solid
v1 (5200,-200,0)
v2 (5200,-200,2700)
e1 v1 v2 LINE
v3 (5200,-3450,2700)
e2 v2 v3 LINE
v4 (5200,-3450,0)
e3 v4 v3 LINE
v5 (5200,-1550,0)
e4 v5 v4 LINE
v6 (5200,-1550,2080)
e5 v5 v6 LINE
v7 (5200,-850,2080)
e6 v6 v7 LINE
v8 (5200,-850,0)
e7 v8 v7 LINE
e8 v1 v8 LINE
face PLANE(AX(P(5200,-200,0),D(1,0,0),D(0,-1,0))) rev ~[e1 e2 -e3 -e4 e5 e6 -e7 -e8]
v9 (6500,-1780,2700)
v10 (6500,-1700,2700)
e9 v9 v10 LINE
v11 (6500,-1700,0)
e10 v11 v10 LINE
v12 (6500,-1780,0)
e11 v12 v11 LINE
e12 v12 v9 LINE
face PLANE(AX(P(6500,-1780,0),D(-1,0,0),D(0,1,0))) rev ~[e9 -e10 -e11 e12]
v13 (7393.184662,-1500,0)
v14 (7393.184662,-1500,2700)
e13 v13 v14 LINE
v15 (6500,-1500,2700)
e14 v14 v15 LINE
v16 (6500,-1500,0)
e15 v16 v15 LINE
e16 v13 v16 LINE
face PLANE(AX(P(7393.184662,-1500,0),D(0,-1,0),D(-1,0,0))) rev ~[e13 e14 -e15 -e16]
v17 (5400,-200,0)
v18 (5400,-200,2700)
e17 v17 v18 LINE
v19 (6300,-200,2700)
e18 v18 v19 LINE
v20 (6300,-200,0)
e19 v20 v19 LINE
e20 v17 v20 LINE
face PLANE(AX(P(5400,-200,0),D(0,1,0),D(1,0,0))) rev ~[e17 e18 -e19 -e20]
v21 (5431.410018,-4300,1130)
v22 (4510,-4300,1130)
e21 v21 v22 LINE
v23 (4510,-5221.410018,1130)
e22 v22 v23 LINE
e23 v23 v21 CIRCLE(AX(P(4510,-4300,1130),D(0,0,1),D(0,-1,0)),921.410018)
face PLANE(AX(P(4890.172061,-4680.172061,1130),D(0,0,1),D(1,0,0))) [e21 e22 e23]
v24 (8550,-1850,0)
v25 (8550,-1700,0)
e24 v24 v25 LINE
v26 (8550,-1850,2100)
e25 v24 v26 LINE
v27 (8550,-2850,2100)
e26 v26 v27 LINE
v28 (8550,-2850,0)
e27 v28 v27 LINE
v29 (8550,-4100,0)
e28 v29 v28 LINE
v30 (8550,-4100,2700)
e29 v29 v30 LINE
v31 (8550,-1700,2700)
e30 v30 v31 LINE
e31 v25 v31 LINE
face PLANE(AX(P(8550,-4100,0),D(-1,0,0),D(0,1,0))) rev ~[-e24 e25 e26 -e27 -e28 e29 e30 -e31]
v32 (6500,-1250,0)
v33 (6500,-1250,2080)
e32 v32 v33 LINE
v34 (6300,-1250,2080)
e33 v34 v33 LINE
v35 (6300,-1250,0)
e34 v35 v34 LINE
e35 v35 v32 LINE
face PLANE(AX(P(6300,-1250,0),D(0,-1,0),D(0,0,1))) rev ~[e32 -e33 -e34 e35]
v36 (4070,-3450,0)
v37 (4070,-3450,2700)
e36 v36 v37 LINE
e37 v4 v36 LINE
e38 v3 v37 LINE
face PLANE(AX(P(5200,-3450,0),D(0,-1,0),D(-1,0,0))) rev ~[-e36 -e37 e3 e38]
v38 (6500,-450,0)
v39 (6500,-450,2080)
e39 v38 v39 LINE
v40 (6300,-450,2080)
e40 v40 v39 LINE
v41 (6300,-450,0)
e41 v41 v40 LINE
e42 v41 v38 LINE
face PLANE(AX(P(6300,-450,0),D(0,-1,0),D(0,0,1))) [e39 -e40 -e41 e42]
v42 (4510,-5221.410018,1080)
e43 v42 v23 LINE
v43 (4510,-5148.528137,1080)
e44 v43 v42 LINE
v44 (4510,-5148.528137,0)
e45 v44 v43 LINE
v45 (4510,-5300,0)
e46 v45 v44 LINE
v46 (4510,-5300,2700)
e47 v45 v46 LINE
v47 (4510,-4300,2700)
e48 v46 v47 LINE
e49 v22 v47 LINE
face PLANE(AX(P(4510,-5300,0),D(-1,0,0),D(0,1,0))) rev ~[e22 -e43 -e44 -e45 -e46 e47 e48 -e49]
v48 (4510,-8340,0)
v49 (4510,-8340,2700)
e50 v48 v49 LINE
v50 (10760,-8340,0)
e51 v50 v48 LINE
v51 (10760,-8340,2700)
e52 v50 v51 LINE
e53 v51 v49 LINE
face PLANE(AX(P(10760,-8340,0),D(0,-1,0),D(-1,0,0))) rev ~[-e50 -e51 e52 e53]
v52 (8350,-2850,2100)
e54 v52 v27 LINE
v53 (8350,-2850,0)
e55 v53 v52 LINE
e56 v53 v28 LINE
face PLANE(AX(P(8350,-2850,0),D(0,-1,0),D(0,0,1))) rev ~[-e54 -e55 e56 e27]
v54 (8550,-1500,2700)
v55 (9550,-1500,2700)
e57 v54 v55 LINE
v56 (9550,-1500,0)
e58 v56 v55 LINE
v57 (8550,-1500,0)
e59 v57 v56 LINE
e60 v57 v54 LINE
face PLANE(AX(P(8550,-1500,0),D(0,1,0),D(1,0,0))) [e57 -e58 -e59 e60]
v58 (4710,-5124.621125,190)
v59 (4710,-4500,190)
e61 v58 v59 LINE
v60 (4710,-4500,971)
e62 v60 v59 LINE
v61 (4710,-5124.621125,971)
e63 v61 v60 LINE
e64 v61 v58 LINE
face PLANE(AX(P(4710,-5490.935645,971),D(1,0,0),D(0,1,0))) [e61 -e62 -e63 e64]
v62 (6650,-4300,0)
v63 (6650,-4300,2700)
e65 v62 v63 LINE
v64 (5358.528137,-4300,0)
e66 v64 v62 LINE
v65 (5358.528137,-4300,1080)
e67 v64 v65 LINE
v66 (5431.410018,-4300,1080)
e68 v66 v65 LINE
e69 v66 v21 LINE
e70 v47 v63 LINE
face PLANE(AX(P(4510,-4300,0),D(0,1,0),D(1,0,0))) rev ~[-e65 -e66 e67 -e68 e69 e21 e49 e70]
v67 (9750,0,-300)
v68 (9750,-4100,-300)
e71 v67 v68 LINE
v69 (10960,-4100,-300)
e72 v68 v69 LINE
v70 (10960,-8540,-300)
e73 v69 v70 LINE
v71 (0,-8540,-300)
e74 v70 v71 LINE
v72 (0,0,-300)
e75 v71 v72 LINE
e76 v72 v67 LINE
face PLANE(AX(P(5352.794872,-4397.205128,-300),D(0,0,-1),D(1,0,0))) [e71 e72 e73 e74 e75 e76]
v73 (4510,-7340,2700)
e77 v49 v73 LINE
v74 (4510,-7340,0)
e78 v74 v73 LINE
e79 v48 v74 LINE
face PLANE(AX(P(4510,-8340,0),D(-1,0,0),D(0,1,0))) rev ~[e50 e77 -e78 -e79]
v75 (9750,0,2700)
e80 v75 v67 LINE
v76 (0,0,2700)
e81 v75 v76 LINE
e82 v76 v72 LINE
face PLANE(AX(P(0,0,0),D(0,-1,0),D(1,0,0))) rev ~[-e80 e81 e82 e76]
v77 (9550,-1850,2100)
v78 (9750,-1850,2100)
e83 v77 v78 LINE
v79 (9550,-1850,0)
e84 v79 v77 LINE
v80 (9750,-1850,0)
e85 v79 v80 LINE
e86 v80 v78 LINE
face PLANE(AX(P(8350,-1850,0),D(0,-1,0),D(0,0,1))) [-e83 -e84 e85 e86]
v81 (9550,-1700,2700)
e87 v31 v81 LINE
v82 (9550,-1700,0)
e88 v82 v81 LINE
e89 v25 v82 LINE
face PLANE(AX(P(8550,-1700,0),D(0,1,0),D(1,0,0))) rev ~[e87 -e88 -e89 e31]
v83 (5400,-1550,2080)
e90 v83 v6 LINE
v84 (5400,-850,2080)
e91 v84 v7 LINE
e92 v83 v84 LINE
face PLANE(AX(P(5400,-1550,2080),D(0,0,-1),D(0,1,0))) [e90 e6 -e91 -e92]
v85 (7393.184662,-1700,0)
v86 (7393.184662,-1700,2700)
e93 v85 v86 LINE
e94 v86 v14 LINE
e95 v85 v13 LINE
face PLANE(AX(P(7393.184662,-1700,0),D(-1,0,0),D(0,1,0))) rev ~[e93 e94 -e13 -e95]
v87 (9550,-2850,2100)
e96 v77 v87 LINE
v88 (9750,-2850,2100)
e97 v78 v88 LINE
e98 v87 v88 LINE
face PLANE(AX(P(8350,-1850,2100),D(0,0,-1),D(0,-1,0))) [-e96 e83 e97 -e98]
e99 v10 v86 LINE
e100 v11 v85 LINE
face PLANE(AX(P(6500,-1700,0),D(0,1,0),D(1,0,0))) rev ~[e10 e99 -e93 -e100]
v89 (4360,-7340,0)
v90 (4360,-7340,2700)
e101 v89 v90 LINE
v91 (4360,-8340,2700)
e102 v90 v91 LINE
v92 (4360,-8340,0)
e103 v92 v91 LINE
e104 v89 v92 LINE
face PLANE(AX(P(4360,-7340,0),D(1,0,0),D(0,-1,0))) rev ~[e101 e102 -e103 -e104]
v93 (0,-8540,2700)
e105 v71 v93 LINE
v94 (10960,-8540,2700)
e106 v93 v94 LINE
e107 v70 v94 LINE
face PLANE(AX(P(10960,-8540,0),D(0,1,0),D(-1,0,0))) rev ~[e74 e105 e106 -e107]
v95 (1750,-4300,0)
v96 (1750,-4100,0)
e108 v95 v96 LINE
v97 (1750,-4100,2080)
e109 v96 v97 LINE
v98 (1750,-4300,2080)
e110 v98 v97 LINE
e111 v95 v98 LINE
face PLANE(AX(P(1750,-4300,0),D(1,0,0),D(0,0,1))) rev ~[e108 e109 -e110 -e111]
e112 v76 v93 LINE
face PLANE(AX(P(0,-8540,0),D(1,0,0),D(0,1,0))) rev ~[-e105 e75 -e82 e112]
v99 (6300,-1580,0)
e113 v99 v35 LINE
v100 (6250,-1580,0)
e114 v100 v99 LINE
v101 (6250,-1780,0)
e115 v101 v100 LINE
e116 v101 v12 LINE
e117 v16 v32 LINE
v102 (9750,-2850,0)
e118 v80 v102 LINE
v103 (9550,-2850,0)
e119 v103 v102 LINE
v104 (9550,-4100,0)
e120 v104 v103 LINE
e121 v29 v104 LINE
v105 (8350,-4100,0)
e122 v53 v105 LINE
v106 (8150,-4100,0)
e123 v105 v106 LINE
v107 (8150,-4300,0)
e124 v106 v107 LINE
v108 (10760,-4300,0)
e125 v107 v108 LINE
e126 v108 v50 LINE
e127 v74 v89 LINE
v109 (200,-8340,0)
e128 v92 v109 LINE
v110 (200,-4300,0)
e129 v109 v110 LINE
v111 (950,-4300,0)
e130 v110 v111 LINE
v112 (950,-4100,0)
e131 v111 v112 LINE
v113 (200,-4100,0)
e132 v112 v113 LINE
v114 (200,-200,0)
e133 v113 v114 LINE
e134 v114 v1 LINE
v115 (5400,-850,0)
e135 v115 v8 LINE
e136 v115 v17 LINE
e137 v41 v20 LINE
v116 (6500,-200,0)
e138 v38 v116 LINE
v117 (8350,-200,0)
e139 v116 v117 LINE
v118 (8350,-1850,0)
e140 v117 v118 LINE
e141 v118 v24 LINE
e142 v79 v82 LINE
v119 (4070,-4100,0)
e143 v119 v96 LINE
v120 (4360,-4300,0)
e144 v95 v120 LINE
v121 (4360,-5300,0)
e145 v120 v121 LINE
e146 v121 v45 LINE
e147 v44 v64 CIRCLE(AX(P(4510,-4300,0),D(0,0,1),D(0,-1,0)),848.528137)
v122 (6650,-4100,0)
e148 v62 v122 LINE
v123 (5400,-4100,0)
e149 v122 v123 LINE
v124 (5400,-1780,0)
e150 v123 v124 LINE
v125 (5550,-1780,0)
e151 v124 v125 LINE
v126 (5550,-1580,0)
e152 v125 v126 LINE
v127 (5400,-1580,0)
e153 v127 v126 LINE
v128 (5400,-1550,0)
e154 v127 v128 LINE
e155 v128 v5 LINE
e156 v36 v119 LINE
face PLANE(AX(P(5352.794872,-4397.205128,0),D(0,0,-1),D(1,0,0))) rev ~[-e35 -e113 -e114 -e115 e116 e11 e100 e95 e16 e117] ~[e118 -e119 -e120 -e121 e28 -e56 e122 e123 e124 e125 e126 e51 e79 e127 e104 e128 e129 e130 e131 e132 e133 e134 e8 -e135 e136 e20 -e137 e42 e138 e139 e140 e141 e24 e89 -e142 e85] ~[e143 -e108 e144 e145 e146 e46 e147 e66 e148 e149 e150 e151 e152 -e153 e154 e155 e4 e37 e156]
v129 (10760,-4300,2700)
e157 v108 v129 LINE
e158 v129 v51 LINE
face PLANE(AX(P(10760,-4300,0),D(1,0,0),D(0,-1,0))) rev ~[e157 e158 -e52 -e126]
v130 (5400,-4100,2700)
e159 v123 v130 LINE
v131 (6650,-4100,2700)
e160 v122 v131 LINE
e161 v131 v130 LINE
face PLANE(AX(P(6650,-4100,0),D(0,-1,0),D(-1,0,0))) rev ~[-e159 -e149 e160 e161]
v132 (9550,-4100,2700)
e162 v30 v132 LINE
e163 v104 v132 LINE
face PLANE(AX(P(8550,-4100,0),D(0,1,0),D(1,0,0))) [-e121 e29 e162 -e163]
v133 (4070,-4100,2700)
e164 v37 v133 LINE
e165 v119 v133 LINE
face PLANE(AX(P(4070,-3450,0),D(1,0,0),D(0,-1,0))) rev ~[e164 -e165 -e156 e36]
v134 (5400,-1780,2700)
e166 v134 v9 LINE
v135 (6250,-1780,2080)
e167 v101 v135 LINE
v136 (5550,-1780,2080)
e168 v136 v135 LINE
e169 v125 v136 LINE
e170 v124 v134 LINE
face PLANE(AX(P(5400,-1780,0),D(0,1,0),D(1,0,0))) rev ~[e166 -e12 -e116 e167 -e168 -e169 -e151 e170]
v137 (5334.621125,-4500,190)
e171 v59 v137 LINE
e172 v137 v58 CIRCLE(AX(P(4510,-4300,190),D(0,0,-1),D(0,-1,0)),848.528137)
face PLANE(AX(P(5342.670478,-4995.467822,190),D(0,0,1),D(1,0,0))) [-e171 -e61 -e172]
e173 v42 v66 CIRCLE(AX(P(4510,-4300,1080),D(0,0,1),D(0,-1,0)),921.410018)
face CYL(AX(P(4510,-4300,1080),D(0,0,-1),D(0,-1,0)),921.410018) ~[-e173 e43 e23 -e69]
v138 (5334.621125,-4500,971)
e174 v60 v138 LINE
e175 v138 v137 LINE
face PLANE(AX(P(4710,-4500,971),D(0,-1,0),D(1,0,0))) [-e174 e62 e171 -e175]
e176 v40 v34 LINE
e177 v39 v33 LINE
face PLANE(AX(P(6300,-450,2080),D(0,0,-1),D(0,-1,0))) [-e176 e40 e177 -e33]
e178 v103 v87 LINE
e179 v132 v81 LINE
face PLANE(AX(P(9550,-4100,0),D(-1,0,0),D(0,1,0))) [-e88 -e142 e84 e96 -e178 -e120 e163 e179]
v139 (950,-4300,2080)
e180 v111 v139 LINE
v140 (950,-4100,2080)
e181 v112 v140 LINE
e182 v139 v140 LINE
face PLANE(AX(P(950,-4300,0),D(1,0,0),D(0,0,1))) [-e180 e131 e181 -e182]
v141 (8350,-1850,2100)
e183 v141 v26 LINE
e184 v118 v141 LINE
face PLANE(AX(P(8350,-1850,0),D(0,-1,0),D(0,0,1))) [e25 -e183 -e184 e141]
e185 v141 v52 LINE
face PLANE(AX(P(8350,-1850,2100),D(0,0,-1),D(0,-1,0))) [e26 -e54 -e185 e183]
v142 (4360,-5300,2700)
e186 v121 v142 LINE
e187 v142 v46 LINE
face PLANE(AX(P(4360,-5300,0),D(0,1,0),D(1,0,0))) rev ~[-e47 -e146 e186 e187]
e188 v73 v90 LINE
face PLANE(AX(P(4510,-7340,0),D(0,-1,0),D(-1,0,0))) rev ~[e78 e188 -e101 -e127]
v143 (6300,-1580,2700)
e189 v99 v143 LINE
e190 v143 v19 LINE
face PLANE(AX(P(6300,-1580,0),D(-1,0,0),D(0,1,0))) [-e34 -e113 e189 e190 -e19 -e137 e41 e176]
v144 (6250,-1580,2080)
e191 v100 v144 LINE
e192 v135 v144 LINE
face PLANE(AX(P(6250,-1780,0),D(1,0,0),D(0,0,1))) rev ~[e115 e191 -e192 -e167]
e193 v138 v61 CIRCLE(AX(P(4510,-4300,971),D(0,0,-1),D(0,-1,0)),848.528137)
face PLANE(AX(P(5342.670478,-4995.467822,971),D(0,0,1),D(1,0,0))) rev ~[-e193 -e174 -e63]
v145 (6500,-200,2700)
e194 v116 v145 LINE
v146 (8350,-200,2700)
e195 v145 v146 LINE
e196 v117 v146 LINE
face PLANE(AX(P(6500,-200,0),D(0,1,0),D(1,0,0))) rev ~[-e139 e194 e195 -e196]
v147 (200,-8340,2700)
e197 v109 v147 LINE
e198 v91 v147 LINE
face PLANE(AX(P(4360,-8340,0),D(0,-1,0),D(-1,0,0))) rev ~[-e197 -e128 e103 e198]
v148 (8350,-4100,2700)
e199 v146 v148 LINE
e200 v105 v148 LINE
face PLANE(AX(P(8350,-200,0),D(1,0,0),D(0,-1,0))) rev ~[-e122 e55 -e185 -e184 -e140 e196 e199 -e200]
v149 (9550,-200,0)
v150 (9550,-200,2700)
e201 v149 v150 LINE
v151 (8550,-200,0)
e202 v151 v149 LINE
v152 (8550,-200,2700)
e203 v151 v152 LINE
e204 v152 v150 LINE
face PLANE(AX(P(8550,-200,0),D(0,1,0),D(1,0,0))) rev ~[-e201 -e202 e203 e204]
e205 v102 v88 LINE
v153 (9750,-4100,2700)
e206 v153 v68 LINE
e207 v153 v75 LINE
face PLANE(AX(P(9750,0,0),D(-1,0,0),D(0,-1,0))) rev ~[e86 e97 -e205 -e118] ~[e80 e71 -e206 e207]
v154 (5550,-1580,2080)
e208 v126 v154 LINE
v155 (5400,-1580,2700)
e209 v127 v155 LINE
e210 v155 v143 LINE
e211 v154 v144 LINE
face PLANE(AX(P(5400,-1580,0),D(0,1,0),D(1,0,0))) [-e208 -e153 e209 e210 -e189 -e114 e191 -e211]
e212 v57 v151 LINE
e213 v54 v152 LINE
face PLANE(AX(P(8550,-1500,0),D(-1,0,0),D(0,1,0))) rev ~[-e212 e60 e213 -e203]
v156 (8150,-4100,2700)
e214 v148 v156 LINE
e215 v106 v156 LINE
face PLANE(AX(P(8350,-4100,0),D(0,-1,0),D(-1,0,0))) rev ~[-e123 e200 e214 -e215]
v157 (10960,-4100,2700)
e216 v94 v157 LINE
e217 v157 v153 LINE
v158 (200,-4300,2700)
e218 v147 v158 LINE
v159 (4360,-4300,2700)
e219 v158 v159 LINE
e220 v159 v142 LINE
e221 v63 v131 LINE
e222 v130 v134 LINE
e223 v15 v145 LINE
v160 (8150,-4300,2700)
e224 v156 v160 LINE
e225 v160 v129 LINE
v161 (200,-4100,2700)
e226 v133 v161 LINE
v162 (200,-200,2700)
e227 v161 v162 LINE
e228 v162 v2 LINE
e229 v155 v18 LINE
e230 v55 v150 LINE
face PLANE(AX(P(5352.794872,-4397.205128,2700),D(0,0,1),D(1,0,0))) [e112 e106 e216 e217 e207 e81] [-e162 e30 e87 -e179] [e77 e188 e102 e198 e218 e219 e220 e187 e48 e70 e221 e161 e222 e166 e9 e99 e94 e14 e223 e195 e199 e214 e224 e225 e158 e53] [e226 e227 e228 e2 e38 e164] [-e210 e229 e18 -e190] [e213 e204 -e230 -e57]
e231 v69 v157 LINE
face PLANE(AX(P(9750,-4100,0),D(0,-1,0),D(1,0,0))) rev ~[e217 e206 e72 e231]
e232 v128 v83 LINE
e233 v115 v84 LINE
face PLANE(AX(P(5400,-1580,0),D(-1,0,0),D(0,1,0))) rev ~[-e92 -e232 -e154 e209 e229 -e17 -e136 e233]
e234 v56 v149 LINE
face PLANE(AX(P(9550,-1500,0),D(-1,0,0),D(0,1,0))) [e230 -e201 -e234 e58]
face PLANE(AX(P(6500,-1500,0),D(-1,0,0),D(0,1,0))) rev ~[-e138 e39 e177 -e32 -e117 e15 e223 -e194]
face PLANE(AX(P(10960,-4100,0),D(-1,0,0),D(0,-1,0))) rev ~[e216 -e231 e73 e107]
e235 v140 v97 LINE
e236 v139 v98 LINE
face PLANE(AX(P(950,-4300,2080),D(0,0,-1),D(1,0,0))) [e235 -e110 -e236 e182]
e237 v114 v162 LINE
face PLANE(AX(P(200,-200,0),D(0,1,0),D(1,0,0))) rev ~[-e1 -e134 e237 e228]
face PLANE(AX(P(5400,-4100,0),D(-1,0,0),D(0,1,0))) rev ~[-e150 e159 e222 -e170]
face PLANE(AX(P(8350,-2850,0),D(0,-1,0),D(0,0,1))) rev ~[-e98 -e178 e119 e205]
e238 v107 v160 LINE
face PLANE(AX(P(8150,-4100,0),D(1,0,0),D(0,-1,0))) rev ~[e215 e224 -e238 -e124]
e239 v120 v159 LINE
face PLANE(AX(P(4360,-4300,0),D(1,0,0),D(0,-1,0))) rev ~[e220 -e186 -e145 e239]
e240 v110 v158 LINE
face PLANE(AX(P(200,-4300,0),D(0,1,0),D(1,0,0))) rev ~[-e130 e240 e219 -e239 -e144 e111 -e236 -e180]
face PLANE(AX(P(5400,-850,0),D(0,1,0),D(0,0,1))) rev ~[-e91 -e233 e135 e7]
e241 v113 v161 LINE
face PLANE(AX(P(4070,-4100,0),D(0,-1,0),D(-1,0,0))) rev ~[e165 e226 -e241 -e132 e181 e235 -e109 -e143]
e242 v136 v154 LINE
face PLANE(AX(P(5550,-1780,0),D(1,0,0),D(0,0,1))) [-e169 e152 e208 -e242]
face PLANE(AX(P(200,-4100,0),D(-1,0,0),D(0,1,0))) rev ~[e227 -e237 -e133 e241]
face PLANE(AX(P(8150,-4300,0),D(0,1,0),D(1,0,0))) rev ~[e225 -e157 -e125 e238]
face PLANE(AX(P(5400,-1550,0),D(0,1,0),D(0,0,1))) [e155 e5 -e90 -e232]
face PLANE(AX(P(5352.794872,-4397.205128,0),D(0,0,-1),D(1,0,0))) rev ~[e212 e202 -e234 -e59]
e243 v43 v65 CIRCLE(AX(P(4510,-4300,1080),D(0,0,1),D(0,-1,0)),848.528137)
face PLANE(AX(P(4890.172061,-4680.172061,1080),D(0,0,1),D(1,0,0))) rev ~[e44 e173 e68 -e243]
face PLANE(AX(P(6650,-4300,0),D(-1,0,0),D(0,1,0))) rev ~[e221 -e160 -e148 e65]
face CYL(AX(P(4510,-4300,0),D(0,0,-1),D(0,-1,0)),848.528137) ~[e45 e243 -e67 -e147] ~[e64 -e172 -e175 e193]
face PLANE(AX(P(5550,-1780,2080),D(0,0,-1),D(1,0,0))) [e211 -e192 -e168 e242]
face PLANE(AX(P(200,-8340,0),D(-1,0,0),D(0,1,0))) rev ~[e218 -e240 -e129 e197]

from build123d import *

# Parameters (mm, degrees)
F0_W      = 1000
F0_H      = 2400
F0_W_2    = 900
F0_H_2    = 1380
F0_H_3    = 1300
F1_DEPTH  = 2700
F3_DEPTH  = 300
F4_W      = 700
F4_H      = 2080
F5_DEPTH  = 200
F6_W      = 700
F6_H      = 2080
F7_DEPTH  = 200
F8_W      = 800
F8_H      = 2080
F9_DEPTH  = 200
F11_DEPTH = 1080
F13_DEPTH = 50
F15_START = -159
F14_W     = 1265.3409564789
F14_H     = 990.9356449679
F15_DEPTH = 781
F16_W     = 1000
F16_H     = 2100
F17_DEPTH = 1400
F18_W     = 800
F18_H     = 2080
F19_DEPTH = 200


with BuildPart() as f1:
    # F0 (on Top) → F1 (new body)
    with BuildSketch(Plane.XY):
        Polygon((9750, 0), (0, 0), (0, -8540), (10960, -8540), (10960, -4100), (9750, -4100), align=None)
        Polygon((200, -4100), (200, -200), (5200, -200), (5200, -3450), (4070, -3450), (4070, -4100), align=None, mode=Mode.SUBTRACT)
        Polygon((200, -8340), (200, -4300), (4360, -4300), (4360, -5300), (4510, -5300), (4510, -4300), (6650, -4300), (6650, -4100), (5400, -4100), (5400, -1780), (6500, -1780), (6500, -1700), (7393.1846618652, -1700), (7393.1846618652, -1500), (6500, -1500), (6500, -200), (8350, -200), (8350, -1700), (8350, -4100), (8150, -4100), (8150, -4300), (10760, -4300), (10760, -8340), (4510, -8340), (4510, -7340), (4360, -7340), (4360, -8340), align=None, mode=Mode.SUBTRACT)
        with Locations((9050, -2900)):
            Rectangle(F0_W, F0_H, mode=Mode.SUBTRACT)
        with Locations((5850, -890)):
            Rectangle(F0_W_2, F0_H_2, mode=Mode.SUBTRACT)
        with Locations((9050, -850)):
            Rectangle(F0_W, F0_H_3, mode=Mode.SUBTRACT)
    extrude(amount=F1_DEPTH)

    # F2 (on face) → F3 (join)
    with BuildSketch(Plane(origin=(0, 0, 0), x_dir=(1, 0, 0), z_dir=(0, 0, -1))):
        Polygon((0, 8540), (0, 0), (9750, 0), (9750, 4100), (10960, 4100), (10960, 8540), align=None)
    extrude(amount=F3_DEPTH)

    # F4 (on face) → F5 (cut, through all)
    with BuildSketch(Plane.XZ.offset(1780)):
        with Locations((5900, 1040)):
            Rectangle(F4_W, F4_H)
    extrude(amount=-F5_DEPTH, mode=Mode.SUBTRACT)

    # F6 (on face) → F7 (cut, through all)
    with BuildSketch(Plane.YZ.offset(5400)):
        with Locations((-1200, 1040)):
            Rectangle(F6_W, F6_H)
    extrude(amount=-F7_DEPTH, mode=Mode.SUBTRACT)

    # F8 (on face) → F9 (cut, through all)
    with BuildSketch(Plane(origin=(6300, 0, 0), x_dir=(0, -1, 0), z_dir=(-1, 0, 0))):
        with Locations((850, 1040)):
            Rectangle(F8_W, F8_H)
    extrude(amount=-F9_DEPTH, mode=Mode.SUBTRACT)

    # F10 (on face) → F11 (join)
    with BuildSketch(Plane.XY):
        with BuildLine():
            Line((5358.5281374239, -4300), (4510, -4300))
            Line((4510, -4300), (4510, -5148.5281374239))
            ThreePointArc((4510, -5148.5281374239), (5110, -4900), (5358.5281374239, -4300))
        make_face()
    extrude(amount=F11_DEPTH)

    # F12 (on face) → F13 (join)
    with BuildSketch(Plane.XY.offset(1080)):
        with BuildLine():
            Line((4510, -4300), (4510, -5221.4100177281))
            ThreePointArc((4510, -5221.4100177281), (5161.5352717887, -4951.5352717887), (5431.4100177281, -4300))
            Line((5431.4100177281, -4300), (4510, -4300))
        make_face()
    extrude(amount=F13_DEPTH)

    # F14 (on face) → F15 (cut)
    with BuildSketch(Plane.XY.offset(1130).offset(F15_START)):
        with Locations((5342.6704782395, -4995.4678224839)):
            Rectangle(F14_W, F14_H)
    extrude(amount=-F15_DEPTH, mode=Mode.SUBTRACT)

    # F16 (on face) → F17 (cut, through all)
    with BuildSketch(Plane(origin=(8350, 0, 0), x_dir=(0, -1, 0), z_dir=(-1, 0, 0))):
        with Locations((2350, 1050)):
            Rectangle(F16_W, F16_H)
    extrude(amount=-F17_DEPTH, mode=Mode.SUBTRACT)

    # F18 (on face) → F19 (cut, through all)
    with BuildSketch(Plane.XZ.offset(4300)):
        with Locations((1350, 1040)):
            Rectangle(F18_W, F18_H)
    extrude(amount=-F19_DEPTH, mode=Mode.SUBTRACT)


solid = f1.part
